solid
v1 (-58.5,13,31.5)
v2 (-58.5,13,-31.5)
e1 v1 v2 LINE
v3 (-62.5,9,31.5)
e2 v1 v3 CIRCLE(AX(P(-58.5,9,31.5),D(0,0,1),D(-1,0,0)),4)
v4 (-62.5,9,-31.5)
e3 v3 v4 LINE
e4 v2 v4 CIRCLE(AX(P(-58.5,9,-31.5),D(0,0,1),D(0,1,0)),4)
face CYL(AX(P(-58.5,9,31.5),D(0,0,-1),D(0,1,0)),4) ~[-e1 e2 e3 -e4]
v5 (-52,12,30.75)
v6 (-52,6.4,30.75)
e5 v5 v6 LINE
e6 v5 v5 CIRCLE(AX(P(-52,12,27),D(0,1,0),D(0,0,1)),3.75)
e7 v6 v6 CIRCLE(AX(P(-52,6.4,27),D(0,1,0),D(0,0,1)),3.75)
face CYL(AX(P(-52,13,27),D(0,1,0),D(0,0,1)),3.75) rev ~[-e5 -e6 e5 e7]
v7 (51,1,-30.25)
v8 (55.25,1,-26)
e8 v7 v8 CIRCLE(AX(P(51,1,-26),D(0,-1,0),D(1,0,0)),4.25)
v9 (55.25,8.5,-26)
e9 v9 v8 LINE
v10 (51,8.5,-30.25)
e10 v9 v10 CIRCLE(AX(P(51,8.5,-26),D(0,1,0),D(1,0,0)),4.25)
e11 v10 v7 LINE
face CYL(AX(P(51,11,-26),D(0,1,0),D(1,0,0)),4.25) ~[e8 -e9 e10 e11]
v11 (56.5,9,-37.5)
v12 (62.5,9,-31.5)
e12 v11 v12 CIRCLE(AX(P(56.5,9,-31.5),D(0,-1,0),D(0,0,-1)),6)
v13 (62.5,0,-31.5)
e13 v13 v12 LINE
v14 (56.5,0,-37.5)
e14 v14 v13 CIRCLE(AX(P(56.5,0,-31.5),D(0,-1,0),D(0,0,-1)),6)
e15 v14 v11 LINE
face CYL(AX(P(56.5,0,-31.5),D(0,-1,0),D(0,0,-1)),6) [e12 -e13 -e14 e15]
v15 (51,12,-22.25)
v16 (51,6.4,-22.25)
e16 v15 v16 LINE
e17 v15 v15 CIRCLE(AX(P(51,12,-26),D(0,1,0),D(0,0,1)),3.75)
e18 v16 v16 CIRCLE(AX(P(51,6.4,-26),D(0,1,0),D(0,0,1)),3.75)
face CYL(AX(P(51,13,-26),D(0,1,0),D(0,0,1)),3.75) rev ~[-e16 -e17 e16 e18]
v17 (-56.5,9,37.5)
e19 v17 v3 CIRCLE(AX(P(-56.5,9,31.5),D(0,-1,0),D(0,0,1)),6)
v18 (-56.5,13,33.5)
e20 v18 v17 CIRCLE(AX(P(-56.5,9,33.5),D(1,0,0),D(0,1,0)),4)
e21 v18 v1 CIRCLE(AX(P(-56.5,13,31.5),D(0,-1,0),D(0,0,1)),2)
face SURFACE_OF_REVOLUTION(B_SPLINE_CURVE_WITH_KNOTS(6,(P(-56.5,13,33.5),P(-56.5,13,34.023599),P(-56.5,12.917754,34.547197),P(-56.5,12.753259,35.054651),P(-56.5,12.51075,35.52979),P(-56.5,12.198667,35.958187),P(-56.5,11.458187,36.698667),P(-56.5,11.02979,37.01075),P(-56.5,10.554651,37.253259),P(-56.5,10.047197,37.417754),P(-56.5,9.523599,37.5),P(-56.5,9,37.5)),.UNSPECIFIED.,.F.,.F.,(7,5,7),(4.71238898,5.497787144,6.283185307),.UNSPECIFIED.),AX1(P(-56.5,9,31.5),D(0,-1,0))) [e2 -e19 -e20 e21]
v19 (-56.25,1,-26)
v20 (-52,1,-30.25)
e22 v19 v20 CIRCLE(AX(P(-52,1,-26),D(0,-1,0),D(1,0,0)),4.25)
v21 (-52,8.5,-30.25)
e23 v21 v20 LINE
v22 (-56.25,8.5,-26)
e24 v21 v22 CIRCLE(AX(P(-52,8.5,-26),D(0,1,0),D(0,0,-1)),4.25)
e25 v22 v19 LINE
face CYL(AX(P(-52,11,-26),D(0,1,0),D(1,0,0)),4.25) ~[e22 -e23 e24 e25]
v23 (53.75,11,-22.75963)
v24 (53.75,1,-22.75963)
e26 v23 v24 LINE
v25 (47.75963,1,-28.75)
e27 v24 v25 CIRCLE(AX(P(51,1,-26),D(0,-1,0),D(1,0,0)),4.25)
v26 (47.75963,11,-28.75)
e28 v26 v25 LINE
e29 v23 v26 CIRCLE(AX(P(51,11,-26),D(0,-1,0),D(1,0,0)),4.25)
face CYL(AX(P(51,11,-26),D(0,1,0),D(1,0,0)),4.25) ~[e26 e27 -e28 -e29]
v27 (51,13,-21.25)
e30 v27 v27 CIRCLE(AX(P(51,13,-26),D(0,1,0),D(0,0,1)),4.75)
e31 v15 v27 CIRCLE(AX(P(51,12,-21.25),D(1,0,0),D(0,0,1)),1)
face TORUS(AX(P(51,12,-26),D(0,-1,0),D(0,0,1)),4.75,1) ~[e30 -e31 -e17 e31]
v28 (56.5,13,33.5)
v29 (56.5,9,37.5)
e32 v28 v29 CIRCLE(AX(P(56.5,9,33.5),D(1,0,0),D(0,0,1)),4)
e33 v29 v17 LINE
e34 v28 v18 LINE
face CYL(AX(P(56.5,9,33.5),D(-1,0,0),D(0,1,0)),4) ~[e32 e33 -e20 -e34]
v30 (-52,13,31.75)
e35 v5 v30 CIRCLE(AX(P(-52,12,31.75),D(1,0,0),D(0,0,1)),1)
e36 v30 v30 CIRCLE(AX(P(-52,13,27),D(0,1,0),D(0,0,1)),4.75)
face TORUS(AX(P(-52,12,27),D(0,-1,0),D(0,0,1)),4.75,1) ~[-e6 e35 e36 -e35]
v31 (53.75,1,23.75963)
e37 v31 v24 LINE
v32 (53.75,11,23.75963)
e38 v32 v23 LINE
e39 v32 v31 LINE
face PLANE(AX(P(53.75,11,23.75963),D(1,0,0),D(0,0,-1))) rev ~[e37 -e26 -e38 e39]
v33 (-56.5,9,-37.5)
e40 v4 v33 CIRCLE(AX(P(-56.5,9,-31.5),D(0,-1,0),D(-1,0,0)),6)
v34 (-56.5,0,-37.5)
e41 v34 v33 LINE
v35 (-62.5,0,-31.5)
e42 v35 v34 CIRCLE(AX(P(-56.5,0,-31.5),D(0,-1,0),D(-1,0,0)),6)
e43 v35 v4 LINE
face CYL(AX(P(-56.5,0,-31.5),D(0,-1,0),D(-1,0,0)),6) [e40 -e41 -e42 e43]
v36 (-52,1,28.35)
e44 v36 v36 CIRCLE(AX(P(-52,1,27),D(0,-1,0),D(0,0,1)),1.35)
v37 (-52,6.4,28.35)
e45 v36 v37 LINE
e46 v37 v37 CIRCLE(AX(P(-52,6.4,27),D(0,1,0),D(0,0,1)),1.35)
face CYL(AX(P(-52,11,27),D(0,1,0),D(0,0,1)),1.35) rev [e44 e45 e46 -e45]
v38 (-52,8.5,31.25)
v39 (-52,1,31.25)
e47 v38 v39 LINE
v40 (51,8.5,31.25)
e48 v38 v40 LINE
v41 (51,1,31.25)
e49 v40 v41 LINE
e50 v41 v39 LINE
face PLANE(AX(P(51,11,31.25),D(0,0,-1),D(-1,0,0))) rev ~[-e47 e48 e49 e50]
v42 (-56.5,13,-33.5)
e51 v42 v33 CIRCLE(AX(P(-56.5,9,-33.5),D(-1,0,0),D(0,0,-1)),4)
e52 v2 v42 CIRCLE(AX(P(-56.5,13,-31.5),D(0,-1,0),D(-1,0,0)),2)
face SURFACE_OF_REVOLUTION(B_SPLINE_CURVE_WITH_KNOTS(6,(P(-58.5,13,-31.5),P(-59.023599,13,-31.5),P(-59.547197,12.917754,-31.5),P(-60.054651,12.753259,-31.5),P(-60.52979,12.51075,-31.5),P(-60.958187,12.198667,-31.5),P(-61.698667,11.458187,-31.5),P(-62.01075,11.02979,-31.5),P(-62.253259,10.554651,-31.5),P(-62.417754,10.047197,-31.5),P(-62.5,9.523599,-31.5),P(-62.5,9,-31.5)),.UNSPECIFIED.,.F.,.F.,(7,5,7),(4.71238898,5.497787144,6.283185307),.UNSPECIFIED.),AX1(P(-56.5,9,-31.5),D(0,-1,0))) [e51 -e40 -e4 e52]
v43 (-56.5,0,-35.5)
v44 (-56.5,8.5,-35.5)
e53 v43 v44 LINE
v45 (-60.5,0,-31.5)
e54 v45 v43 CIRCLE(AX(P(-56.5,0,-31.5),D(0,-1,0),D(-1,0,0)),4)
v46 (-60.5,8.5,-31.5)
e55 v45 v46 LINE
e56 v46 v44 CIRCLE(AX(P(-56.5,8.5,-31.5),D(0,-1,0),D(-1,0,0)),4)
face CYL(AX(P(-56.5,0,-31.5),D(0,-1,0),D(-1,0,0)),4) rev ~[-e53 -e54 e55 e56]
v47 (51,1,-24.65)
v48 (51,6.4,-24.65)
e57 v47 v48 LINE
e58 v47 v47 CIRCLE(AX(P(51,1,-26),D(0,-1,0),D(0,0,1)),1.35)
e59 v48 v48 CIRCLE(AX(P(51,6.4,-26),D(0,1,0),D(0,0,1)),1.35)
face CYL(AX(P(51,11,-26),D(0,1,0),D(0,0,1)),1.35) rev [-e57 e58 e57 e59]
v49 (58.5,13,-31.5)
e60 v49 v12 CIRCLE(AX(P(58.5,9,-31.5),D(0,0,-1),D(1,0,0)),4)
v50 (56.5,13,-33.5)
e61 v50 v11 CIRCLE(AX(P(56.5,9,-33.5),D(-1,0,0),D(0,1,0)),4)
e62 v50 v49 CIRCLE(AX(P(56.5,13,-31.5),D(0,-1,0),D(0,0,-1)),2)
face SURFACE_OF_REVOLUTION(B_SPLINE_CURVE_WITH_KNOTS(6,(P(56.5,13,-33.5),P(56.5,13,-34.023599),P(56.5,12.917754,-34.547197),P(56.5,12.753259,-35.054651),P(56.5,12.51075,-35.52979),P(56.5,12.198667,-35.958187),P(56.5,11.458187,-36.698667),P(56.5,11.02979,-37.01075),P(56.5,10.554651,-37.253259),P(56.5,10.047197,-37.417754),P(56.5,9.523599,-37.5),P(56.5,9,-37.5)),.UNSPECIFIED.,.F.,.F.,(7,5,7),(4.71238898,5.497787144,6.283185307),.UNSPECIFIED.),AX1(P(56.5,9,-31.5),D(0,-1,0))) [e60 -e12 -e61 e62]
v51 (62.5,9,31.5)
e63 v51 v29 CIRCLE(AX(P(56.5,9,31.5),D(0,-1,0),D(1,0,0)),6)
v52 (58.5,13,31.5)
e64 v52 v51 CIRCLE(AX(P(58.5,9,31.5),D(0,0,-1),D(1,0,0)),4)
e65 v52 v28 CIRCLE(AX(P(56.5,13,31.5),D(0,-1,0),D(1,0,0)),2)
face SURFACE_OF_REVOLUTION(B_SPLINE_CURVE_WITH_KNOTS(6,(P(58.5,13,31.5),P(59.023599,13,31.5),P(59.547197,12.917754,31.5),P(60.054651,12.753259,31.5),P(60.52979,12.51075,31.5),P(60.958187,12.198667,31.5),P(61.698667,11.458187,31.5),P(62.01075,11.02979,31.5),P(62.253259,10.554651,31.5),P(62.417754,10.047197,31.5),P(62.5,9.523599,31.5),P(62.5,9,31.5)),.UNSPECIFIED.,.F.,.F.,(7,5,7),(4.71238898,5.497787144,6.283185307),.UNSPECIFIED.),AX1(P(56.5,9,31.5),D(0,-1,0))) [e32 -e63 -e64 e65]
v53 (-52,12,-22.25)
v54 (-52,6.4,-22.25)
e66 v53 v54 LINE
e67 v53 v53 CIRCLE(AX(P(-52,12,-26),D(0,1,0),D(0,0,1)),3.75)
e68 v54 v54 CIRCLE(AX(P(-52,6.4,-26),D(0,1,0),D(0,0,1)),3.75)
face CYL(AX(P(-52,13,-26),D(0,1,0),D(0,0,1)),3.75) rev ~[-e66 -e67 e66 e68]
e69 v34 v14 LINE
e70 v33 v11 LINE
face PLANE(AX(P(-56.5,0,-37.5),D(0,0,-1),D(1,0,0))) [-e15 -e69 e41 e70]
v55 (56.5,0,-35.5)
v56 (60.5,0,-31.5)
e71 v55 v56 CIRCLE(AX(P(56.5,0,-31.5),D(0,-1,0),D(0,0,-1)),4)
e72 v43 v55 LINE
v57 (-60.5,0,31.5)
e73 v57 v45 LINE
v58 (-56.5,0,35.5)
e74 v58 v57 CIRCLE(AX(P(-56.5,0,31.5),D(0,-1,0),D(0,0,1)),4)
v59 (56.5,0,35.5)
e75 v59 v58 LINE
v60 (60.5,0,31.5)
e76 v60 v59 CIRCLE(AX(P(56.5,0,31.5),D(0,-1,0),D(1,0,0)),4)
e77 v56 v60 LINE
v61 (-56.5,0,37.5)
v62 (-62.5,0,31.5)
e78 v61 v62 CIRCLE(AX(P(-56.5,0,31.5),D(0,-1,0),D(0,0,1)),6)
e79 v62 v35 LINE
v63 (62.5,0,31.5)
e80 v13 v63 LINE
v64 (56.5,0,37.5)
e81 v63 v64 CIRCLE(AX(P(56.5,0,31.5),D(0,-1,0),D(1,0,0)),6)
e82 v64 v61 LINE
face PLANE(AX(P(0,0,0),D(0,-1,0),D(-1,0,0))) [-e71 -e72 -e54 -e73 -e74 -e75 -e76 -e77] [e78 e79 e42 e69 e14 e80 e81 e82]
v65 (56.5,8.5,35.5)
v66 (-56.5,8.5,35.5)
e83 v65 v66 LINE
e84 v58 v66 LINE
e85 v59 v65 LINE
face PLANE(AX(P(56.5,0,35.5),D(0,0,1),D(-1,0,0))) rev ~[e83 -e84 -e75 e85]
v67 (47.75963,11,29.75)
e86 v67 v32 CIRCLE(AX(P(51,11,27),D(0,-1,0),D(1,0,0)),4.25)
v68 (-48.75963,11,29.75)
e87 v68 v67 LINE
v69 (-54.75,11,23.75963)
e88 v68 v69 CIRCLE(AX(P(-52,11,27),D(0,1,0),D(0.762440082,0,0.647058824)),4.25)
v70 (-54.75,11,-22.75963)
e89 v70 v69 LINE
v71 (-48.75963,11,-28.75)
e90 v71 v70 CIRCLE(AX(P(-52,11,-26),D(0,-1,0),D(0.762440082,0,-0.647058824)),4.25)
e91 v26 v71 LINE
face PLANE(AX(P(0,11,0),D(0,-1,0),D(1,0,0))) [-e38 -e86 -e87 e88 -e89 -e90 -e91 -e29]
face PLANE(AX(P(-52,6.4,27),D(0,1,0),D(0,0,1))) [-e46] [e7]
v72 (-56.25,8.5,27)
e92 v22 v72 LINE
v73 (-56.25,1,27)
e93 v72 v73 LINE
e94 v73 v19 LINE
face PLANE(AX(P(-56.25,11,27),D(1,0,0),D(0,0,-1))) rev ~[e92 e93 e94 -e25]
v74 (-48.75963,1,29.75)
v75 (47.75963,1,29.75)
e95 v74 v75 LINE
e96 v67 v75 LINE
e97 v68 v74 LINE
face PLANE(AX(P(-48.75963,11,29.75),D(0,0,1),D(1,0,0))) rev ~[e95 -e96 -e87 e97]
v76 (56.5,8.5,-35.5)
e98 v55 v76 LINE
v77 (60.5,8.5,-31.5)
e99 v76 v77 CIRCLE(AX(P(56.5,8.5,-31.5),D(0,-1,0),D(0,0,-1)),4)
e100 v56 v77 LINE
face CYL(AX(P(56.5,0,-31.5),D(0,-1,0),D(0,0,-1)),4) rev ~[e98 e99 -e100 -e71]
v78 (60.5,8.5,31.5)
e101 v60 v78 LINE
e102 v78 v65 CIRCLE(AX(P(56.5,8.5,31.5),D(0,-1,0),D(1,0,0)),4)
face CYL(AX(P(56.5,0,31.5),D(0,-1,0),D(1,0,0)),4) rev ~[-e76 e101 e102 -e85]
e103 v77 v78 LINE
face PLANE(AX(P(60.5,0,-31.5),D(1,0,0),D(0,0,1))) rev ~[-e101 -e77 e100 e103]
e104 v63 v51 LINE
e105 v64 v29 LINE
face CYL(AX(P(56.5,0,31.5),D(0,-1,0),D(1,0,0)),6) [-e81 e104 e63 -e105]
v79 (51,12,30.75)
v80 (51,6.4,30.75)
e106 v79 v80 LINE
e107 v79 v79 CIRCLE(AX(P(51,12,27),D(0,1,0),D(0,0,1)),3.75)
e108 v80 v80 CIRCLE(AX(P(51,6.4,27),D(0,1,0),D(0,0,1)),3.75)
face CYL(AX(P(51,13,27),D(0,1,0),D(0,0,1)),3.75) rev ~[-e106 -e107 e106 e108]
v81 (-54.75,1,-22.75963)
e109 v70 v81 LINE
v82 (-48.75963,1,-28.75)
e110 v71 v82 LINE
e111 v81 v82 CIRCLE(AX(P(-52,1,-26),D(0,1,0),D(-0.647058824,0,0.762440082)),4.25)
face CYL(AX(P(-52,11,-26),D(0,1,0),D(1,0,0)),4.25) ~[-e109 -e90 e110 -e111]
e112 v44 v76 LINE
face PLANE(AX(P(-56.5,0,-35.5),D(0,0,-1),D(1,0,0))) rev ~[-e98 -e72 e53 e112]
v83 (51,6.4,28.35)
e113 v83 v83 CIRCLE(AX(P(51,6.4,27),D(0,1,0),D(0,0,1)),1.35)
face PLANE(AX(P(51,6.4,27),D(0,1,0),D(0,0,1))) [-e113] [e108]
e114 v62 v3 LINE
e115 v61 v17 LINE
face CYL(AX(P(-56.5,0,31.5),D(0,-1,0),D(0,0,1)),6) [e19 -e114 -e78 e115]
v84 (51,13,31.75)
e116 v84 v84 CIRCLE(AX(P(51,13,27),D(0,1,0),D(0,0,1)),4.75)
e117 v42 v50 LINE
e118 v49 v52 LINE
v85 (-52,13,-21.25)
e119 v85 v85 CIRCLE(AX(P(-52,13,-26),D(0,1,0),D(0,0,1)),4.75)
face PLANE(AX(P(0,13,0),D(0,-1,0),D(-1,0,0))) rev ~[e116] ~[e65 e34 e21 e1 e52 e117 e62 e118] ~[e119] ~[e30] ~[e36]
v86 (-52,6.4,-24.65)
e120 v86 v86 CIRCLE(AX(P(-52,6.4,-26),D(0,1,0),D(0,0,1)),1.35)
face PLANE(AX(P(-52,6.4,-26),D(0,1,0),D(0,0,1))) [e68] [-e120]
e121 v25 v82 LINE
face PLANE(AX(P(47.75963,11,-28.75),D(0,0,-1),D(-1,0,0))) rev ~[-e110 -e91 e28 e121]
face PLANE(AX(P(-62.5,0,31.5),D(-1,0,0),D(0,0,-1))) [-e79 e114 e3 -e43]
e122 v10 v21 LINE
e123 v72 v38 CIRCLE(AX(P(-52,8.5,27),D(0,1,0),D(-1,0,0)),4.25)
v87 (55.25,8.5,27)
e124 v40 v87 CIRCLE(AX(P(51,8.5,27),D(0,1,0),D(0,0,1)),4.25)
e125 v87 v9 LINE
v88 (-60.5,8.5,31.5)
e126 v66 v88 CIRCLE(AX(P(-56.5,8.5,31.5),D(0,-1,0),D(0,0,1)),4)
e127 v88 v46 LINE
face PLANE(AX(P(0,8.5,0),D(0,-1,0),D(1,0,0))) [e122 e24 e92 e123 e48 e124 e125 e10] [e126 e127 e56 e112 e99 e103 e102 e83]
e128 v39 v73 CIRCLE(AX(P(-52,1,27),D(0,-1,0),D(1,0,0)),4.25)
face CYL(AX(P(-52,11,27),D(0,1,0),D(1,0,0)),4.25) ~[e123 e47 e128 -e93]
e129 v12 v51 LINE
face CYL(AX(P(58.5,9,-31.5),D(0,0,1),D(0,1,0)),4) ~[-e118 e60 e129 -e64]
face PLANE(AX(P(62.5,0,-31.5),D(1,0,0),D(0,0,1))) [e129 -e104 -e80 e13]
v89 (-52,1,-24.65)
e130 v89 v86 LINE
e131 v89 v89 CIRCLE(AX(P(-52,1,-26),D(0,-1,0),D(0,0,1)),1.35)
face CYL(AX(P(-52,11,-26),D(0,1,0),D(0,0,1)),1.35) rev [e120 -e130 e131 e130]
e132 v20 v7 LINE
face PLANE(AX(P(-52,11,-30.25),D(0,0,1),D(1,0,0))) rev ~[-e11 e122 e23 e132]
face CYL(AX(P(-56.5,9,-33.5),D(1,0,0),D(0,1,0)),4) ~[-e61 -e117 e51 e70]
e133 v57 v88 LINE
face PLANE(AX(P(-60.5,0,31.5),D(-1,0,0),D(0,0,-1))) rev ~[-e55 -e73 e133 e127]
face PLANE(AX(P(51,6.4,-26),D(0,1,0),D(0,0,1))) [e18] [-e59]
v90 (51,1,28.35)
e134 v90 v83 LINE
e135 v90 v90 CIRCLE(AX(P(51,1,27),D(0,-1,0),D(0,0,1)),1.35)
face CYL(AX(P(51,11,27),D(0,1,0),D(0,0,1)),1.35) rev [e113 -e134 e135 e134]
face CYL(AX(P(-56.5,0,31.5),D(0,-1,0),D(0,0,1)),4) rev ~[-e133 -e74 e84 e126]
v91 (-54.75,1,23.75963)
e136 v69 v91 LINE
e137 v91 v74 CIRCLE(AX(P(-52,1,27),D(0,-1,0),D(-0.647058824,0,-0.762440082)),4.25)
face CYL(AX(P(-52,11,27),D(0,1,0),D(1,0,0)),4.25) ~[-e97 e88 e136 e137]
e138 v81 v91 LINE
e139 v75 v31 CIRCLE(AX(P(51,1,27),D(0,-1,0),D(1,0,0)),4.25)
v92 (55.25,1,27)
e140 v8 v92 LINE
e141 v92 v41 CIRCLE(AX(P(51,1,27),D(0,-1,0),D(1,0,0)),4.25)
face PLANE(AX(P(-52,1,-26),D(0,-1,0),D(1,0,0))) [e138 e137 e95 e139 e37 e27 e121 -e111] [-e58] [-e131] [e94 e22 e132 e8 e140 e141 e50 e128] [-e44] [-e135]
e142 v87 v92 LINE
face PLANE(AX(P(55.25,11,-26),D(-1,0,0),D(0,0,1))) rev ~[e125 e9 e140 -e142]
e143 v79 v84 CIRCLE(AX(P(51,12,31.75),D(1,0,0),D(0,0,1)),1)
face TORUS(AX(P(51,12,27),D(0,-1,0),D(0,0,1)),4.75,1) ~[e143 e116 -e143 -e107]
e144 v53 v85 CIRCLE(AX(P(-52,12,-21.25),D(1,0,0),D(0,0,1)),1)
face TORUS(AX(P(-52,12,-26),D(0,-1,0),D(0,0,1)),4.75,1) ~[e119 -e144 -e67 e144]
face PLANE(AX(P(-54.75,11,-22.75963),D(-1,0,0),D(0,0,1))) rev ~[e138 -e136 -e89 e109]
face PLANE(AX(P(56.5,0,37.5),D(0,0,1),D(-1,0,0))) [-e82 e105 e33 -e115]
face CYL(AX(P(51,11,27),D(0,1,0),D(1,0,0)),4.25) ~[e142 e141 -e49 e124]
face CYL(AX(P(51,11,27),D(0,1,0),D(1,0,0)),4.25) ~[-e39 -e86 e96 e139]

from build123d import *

# Parameters (mm, degrees)
BOSS_EXTRUDE1_DEPTH = 13
CUT_EXTRUDE1_DEPTH  = 11
SKETCH3_R           = 1.35
CUT_EXTRUDE2_DEPTH  = 75.037152836
SKETCH5_R           = 4.25
SKETCH5_R_2         = 1.35
BOSS_EXTRUDE2_DEPTH = 10
SKETCH6_R           = 3.75
CUT_EXTRUDE3_DEPTH  = 6.6
FILLET1_R           = 1
FILLET2_R           = 4
BOSS_EXTRUDE4_DEPTH = 2.5


with BuildPart() as part:
    # Sketch1 → Boss-Extrude1 (new body)
    with BuildSketch(Plane(origin=(0, 0, 0), x_dir=(1, 0, 0), z_dir=(0, 1, 0))):
        with BuildLine():
            Line((-56.5, 37.5), (56.5, 37.5))
            ThreePointArc((56.5, 37.5), (60.742640687, 35.742640687), (62.5, 31.5))
            Line((62.5, 31.5), (62.5, -31.5))
            ThreePointArc((62.5, -31.5), (60.742640687, -35.742640687), (56.5, -37.5))
            Line((56.5, -37.5), (-56.5, -37.5))
            ThreePointArc((-56.5, -37.5), (-60.742640687, -35.742640687), (-62.5, -31.5))
            Line((-62.5, -31.5), (-62.5, 31.5))
            ThreePointArc((-62.5, 31.5), (-60.742640687, 35.742640687), (-56.5, 37.5))
        make_face()
    extrude(amount=BOSS_EXTRUDE1_DEPTH)

    # Sketch2 → Cut-Extrude1 (cut)
    with BuildSketch(Plane.XZ):
        with BuildLine():
            Line((-60.5, 31.5), (-60.5, -31.5))
            ThreePointArc((-60.5, -31.5), (-59.328427125, -34.328427125), (-56.5, -35.5))
            Line((-56.5, -35.5), (56.5, -35.5))
            ThreePointArc((56.5, -35.5), (59.328427125, -34.328427125), (60.5, -31.5))
            Line((60.5, -31.5), (60.5, 31.5))
            ThreePointArc((60.5, 31.5), (59.328427125, 34.328427125), (56.5, 35.5))
            Line((56.5, 35.5), (-56.5, 35.5))
            ThreePointArc((-56.5, 35.5), (-59.328427125, 34.328427125), (-60.5, 31.5))
        make_face()
    extrude(amount=-CUT_EXTRUDE1_DEPTH, mode=Mode.SUBTRACT)

    # Sketch3 → Cut-Extrude2 (cut, through all)
    with BuildSketch(Plane(origin=(0, 13, 0), x_dir=(1, 0, 0), z_dir=(0, 1, 0))):
        with Locations(Location((-52, -27, 0), (0, 0, 270))):
            Circle(SKETCH3_R)
        with Locations(Location((51, -27, 0), (0, 0, 270))):
            Circle(SKETCH3_R)
        with Locations(Location((51, 26, 0), (0, 0, 270))):
            Circle(SKETCH3_R)
        with Locations(Location((-52, 26, 0), (0, 0, 270))):
            Circle(SKETCH3_R)
    extrude(amount=-CUT_EXTRUDE2_DEPTH, mode=Mode.SUBTRACT)

    # Sketch5 → Boss-Extrude2 (add)
    # profile 1 of 8: a face of its own
    with BuildSketch(Plane.XZ.offset(-11)):
        with BuildLine():
            Line((-52, -30.25), (51, -30.25))
            ThreePointArc((51, -30.25), (49.214642893, -29.856812155), (47.759629651, -28.75))
            Line((47.759629651, -28.75), (-48.759629651, -28.75))
            ThreePointArc((-48.759629651, -28.75), (-50.214642893, -29.856812155), (-52, -30.25))
        make_face()
    # profile 2 of 8: a face of its own
    with BuildSketch(Plane.XZ.offset(-11)):
        with Locations((-52, -26)):
            Circle(SKETCH5_R)
        with Locations(Location((-52, -26, 0), (0, 0, 90))):
            Circle(SKETCH5_R_2, mode=Mode.SUBTRACT)
    # profile 3 of 8: a face of its own
    with BuildSketch(Plane.XZ.offset(-11)):
        with BuildLine():
            ThreePointArc((-54.75, 23.759629651), (-55.856812155, 25.214642893), (-56.25, 27))
            Line((-56.25, 27), (-56.25, -26))
            ThreePointArc((-56.25, -26), (-55.856812155, -24.214642893), (-54.75, -22.759629651))
            Line((-54.75, -22.759629651), (-54.75, 23.759629651))
        make_face()
    # profile 4 of 8: a face of its own
    with BuildSketch(Plane.XZ.offset(-11)):
        with Locations((-52, 27)):
            Circle(SKETCH5_R)
        with Locations(Location((-52, 27, 0), (0, 0, 90))):
            Circle(SKETCH5_R_2, mode=Mode.SUBTRACT)
    # profile 5 of 8: a face of its own
    with BuildSketch(Plane.XZ.offset(-11)):
        with BuildLine():
            ThreePointArc((47.759629651, 29.75), (49.214642893, 30.856812155), (51, 31.25))
            Line((51, 31.25), (-52, 31.25))
            ThreePointArc((-52, 31.25), (-50.214642893, 30.856812155), (-48.759629651, 29.75))
            Line((-48.759629651, 29.75), (47.759629651, 29.75))
        make_face()
    # profile 6 of 8: a face of its own
    with BuildSketch(Plane.XZ.offset(-11)):
        with Locations((51, -26)):
            Circle(SKETCH5_R)
        with Locations(Location((51, -26, 0), (0, 0, 90))):
            Circle(SKETCH5_R_2, mode=Mode.SUBTRACT)
    # profile 7 of 8: a face of its own
    with BuildSketch(Plane.XZ.offset(-11)):
        with BuildLine():
            Line((55.25, -26), (55.25, 27))
            ThreePointArc((55.25, 27), (54.856812155, 25.214642893), (53.75, 23.759629651))
            Line((53.75, 23.759629651), (53.75, -22.759629651))
            ThreePointArc((53.75, -22.759629651), (54.856812155, -24.214642893), (55.25, -26))
        make_face()
    # profile 8 of 8: a face of its own
    with BuildSketch(Plane.XZ.offset(-11)):
        with Locations((51, 27)):
            Circle(SKETCH5_R)
        with Locations(Location((51, 27, 0), (0, 0, 90))):
            Circle(SKETCH5_R_2, mode=Mode.SUBTRACT)
    extrude(amount=BOSS_EXTRUDE2_DEPTH)

    # Sketch6 → Cut-Extrude3 (cut)
    with BuildSketch(Plane(origin=(0, 13, 0), x_dir=(1, 0, 0), z_dir=(0, 1, 0))):
        with Locations(Location((51, 26, 0), (0, 0, 270))):
            Circle(SKETCH6_R)
        with Locations(Location((51, -27, 0), (0, 0, 270))):
            Circle(SKETCH6_R)
        with Locations(Location((-52, 26, 0), (0, 0, 270))):
            Circle(SKETCH6_R)
        with Locations(Location((-52, -27, 0), (0, 0, 270))):
            Circle(SKETCH6_R)
    extrude(amount=-CUT_EXTRUDE3_DEPTH, mode=Mode.SUBTRACT)

    # Fillet1
    fillet1_edges = [part.edges().sort_by_distance(p)[0] for p in [
        (51, 13, 23.25),
        (-52, 13, -29.75),
        (-52, 13, 23.25),
        (51, 13, -29.75),
    ]]
    fillet(fillet1_edges, radius=FILLET1_R)

    # Fillet2
    fillet2_edges = [part.edges().sort_by_distance(p)[0] for p in [
        (60.742640687, 13, 35.742640687),
        (62.5, 13, 0),
        (60.742640687, 13, -35.742640687),
        (0, 13, -37.5),
        (-60.742640687, 13, -35.742640687),
        (-62.5, 13, 0),
        (-60.742640687, 13, 35.742640687),
        (0, 13, 37.5),
    ]]
    fillet(fillet2_edges, radius=FILLET2_R)

    # Sketch8 → Boss-Extrude4 (add)
    with BuildSketch(Plane.XZ.offset(-11)):
        with BuildLine():
            Line((-60.5, 31.5), (-60.5, -31.5))
            ThreePointArc((-60.5, -31.5), (-59.328427125, -34.328427125), (-56.5, -35.5))
            Line((-56.5, -35.5), (56.5, -35.5))
            ThreePointArc((56.5, -35.5), (59.328427125, -34.328427125), (60.5, -31.5))
            Line((60.5, -31.5), (60.5, 31.5))
            ThreePointArc((60.5, 31.5), (59.328427125, 34.328427125), (56.5, 35.5))
            Line((56.5, 35.5), (-56.5, 35.5))
            ThreePointArc((-56.5, 35.5), (-59.328427125, 34.328427125), (-60.5, 31.5))
        make_face()
        with BuildLine():
            Line((55.25, 27), (55.25, -26))
            ThreePointArc((55.25, -26), (54.00520382, -29.00520382), (51, -30.25))
            Line((51, -30.25), (-52, -30.25))
            ThreePointArc((-52, -30.25), (-55.00520382, -29.00520382), (-56.25, -26))
            Line((-56.25, -26), (-56.25, 27))
            ThreePointArc((-56.25, 27), (-55.00520382, 30.00520382), (-52, 31.25))
            Line((-52, 31.25), (51, 31.25))
            ThreePointArc((51, 31.25), (54.00520382, 30.00520382), (55.25, 27))
        make_face(mode=Mode.SUBTRACT)
    extrude(amount=BOSS_EXTRUDE4_DEPTH)


solid = part.part
